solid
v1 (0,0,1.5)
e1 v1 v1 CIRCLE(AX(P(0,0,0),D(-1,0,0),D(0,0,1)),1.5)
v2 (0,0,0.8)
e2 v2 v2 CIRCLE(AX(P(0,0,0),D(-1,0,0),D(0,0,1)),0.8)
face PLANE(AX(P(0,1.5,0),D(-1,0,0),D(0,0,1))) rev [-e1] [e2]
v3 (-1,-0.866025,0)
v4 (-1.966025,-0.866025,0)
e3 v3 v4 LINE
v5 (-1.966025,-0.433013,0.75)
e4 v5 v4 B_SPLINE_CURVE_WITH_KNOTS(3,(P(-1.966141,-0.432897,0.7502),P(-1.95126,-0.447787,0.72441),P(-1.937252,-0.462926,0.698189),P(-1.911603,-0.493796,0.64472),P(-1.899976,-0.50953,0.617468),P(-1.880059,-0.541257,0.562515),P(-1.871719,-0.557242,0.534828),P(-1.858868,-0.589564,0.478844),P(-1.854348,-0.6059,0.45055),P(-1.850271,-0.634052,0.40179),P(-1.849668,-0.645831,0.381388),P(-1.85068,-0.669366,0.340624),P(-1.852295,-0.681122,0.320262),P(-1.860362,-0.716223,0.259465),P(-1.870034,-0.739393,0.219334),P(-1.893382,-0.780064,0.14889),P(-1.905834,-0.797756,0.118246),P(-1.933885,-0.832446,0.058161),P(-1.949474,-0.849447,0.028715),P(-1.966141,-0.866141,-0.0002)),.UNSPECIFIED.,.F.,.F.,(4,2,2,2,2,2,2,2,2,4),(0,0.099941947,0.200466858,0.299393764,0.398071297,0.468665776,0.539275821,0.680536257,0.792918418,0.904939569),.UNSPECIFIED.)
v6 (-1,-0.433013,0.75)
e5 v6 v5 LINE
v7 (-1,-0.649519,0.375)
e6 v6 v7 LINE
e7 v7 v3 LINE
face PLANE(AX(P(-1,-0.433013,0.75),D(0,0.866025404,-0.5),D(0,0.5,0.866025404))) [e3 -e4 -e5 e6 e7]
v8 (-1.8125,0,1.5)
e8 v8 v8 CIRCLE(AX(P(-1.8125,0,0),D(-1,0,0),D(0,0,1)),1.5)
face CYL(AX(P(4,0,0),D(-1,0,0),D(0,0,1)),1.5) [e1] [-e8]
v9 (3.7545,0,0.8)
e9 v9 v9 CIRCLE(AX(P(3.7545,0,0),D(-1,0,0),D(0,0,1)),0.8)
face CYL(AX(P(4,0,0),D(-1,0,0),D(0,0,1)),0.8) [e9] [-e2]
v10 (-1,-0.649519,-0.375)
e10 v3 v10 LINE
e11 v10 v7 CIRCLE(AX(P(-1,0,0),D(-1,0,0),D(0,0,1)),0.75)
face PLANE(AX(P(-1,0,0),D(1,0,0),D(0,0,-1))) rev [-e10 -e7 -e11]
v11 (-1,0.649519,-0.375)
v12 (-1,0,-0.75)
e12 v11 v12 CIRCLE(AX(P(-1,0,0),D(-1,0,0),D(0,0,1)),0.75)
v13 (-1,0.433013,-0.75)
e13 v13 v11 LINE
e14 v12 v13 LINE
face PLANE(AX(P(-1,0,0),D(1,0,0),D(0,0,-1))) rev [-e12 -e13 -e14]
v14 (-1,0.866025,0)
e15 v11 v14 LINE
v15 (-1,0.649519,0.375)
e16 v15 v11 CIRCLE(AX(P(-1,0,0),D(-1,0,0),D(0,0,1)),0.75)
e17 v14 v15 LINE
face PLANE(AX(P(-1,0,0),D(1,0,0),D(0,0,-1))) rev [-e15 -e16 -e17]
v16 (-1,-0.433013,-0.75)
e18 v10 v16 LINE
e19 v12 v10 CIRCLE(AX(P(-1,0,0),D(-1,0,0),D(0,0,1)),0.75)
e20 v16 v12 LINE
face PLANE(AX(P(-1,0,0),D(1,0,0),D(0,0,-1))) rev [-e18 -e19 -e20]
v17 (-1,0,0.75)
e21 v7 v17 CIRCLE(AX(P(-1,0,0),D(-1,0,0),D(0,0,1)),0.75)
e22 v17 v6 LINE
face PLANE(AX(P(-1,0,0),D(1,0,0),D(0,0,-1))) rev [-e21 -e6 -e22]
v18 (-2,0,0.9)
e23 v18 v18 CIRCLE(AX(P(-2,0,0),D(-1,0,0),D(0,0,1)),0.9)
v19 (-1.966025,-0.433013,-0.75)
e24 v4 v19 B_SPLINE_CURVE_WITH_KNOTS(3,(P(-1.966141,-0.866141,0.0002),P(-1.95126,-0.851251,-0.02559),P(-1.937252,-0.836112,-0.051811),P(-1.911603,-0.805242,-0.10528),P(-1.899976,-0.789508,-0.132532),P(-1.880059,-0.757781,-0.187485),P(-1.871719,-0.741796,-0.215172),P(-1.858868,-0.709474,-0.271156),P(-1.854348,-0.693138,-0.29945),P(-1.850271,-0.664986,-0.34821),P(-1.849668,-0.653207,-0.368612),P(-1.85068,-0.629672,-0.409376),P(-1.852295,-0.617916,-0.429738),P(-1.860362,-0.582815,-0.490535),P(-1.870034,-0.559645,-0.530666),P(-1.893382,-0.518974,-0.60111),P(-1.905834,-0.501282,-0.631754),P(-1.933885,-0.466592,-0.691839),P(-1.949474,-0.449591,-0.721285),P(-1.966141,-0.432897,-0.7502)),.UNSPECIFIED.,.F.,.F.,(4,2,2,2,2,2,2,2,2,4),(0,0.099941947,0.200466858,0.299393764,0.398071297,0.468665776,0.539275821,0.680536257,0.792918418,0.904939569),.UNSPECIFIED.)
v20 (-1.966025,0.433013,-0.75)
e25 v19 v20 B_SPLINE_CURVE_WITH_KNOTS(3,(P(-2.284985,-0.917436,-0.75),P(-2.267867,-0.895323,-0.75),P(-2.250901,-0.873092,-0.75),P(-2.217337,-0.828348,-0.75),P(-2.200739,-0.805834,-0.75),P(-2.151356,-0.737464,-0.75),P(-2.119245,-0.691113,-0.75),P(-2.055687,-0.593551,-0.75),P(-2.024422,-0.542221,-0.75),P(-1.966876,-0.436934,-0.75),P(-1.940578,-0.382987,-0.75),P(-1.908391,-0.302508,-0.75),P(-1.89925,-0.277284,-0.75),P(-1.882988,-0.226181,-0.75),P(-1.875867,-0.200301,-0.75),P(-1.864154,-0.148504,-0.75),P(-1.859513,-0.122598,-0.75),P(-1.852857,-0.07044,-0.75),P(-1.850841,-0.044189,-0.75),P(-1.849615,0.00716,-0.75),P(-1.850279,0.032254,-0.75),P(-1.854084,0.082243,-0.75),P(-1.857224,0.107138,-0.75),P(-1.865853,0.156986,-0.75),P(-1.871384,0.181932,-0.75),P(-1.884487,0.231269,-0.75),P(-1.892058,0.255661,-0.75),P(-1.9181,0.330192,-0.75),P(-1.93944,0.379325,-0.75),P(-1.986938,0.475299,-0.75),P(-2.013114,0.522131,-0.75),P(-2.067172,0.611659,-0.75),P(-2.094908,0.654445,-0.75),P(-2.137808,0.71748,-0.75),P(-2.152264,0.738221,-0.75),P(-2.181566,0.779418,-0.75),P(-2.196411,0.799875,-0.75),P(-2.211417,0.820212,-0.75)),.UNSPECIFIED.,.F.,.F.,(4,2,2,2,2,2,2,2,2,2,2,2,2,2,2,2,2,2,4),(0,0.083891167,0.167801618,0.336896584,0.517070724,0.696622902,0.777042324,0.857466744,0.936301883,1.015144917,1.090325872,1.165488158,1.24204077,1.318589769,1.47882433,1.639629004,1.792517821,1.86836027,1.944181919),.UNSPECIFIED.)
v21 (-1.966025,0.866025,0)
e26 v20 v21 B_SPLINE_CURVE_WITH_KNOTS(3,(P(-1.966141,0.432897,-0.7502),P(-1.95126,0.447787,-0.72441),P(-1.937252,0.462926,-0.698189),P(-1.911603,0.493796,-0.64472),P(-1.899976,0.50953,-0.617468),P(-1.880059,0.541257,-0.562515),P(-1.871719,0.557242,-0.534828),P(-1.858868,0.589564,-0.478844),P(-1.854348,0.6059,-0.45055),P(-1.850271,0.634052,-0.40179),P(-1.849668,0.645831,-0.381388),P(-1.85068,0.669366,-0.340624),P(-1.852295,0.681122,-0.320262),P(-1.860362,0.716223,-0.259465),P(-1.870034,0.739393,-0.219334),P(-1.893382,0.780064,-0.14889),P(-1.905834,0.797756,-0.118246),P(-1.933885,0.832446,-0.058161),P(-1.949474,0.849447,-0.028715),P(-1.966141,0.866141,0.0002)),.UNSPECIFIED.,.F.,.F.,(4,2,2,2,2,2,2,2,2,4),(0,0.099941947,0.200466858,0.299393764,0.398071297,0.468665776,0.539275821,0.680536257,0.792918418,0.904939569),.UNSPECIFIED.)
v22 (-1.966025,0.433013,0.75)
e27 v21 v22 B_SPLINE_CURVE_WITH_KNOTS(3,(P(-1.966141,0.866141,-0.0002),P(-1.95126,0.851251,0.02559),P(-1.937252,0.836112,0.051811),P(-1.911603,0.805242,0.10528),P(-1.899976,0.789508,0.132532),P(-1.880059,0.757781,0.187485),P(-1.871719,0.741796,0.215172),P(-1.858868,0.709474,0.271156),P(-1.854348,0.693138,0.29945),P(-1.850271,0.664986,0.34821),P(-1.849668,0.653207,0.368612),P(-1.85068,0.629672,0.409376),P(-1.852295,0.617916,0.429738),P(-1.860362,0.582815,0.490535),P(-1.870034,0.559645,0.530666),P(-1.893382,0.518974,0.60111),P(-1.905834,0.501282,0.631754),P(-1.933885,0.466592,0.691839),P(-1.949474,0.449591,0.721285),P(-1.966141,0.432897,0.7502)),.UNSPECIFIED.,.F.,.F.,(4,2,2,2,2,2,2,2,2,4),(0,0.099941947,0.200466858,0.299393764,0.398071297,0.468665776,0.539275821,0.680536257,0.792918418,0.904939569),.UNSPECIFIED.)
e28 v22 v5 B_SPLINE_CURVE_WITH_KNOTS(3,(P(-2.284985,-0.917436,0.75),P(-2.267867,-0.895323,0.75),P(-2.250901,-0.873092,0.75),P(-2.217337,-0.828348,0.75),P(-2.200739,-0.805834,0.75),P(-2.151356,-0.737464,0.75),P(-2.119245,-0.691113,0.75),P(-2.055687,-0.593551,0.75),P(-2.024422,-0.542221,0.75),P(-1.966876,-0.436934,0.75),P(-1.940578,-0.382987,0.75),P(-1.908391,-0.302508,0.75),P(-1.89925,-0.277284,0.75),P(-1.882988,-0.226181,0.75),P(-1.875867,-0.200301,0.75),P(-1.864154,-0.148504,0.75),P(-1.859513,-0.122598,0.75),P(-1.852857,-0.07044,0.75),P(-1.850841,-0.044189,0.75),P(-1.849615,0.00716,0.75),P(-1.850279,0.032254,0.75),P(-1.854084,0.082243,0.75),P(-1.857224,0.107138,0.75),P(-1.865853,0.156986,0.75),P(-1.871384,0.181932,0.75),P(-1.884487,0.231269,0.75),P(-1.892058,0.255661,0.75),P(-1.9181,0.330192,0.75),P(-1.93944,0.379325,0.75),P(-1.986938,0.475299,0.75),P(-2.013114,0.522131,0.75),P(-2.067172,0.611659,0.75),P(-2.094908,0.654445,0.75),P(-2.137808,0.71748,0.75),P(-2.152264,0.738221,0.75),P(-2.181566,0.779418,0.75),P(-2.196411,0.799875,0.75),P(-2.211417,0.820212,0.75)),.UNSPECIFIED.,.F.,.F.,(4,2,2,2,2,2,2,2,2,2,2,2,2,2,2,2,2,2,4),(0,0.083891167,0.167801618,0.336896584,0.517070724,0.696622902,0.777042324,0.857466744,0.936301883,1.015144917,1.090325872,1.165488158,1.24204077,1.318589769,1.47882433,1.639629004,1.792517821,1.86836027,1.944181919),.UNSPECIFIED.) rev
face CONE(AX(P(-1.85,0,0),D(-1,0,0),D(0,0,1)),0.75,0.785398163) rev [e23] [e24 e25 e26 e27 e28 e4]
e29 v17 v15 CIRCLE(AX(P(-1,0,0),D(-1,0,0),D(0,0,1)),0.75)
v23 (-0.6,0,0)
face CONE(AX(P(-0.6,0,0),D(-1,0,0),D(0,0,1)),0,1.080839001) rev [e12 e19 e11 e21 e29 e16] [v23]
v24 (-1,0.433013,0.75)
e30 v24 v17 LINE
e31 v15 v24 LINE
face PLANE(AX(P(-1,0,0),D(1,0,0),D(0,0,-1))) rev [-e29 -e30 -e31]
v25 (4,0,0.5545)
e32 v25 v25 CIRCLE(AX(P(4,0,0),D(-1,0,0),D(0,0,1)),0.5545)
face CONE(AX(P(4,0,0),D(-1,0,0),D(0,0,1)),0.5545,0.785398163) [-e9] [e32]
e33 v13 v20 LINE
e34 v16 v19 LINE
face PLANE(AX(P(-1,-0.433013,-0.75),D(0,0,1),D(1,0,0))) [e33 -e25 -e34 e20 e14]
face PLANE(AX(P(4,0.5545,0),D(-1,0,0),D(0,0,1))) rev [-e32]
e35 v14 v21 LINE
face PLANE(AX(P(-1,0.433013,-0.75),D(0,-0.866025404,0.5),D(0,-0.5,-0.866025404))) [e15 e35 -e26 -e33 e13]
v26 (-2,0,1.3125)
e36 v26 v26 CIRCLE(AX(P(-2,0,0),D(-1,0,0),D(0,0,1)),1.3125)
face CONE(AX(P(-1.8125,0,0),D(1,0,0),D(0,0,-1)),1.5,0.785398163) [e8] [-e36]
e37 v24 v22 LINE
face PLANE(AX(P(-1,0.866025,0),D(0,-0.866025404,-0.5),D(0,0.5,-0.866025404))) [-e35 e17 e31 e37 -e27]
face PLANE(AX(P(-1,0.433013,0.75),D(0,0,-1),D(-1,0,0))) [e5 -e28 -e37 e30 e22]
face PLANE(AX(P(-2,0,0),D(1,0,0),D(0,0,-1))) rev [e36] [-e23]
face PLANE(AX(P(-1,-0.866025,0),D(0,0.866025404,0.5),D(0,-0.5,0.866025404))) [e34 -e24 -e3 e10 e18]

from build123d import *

# Parameters (mm, degrees)
CUT_EXTRUDE1_DEPTH = 1


with BuildPart() as part:
    # Sketch1 → Revolve1 (revolve)
    with BuildSketch(Plane.XY):
        Polygon((-2, 0), (-2, 1.3125), (-1.8125, 1.5), (0, 1.5), (0, 0.8), (3.7545, 0.8), (4, 0.5545), (4, 0), align=None)
    revolve(axis=Axis((4, 0, 0), (-1, 0, 0)))

    # Sketch2 → Cut-Revolve1 (revolve, cut)
    with BuildSketch(Plane.XY):
        Polygon((-2, 0), (-2, 0.9), (-1.85, 0.75), (-1, 0.75), (-0.6, 0), align=None)
    revolve(axis=Axis((-0.6, 0, 0), (-1, 0, 0)), mode=Mode.SUBTRACT)

    # Sketch3 → Cut-Extrude1 (cut)
    with BuildSketch(Plane(origin=(-2, 0, 0), x_dir=(0, 0, -1), z_dir=(1, 0, 0))):
        Polygon((-0.75, -0.433012702), (0, -0.866025404), (0.75, -0.433012702), (0.75, 0.433012702), (0, 0.866025404), (-0.75, 0.433012702), align=None)
    extrude(amount=CUT_EXTRUDE1_DEPTH, mode=Mode.SUBTRACT)


solid = part.part
